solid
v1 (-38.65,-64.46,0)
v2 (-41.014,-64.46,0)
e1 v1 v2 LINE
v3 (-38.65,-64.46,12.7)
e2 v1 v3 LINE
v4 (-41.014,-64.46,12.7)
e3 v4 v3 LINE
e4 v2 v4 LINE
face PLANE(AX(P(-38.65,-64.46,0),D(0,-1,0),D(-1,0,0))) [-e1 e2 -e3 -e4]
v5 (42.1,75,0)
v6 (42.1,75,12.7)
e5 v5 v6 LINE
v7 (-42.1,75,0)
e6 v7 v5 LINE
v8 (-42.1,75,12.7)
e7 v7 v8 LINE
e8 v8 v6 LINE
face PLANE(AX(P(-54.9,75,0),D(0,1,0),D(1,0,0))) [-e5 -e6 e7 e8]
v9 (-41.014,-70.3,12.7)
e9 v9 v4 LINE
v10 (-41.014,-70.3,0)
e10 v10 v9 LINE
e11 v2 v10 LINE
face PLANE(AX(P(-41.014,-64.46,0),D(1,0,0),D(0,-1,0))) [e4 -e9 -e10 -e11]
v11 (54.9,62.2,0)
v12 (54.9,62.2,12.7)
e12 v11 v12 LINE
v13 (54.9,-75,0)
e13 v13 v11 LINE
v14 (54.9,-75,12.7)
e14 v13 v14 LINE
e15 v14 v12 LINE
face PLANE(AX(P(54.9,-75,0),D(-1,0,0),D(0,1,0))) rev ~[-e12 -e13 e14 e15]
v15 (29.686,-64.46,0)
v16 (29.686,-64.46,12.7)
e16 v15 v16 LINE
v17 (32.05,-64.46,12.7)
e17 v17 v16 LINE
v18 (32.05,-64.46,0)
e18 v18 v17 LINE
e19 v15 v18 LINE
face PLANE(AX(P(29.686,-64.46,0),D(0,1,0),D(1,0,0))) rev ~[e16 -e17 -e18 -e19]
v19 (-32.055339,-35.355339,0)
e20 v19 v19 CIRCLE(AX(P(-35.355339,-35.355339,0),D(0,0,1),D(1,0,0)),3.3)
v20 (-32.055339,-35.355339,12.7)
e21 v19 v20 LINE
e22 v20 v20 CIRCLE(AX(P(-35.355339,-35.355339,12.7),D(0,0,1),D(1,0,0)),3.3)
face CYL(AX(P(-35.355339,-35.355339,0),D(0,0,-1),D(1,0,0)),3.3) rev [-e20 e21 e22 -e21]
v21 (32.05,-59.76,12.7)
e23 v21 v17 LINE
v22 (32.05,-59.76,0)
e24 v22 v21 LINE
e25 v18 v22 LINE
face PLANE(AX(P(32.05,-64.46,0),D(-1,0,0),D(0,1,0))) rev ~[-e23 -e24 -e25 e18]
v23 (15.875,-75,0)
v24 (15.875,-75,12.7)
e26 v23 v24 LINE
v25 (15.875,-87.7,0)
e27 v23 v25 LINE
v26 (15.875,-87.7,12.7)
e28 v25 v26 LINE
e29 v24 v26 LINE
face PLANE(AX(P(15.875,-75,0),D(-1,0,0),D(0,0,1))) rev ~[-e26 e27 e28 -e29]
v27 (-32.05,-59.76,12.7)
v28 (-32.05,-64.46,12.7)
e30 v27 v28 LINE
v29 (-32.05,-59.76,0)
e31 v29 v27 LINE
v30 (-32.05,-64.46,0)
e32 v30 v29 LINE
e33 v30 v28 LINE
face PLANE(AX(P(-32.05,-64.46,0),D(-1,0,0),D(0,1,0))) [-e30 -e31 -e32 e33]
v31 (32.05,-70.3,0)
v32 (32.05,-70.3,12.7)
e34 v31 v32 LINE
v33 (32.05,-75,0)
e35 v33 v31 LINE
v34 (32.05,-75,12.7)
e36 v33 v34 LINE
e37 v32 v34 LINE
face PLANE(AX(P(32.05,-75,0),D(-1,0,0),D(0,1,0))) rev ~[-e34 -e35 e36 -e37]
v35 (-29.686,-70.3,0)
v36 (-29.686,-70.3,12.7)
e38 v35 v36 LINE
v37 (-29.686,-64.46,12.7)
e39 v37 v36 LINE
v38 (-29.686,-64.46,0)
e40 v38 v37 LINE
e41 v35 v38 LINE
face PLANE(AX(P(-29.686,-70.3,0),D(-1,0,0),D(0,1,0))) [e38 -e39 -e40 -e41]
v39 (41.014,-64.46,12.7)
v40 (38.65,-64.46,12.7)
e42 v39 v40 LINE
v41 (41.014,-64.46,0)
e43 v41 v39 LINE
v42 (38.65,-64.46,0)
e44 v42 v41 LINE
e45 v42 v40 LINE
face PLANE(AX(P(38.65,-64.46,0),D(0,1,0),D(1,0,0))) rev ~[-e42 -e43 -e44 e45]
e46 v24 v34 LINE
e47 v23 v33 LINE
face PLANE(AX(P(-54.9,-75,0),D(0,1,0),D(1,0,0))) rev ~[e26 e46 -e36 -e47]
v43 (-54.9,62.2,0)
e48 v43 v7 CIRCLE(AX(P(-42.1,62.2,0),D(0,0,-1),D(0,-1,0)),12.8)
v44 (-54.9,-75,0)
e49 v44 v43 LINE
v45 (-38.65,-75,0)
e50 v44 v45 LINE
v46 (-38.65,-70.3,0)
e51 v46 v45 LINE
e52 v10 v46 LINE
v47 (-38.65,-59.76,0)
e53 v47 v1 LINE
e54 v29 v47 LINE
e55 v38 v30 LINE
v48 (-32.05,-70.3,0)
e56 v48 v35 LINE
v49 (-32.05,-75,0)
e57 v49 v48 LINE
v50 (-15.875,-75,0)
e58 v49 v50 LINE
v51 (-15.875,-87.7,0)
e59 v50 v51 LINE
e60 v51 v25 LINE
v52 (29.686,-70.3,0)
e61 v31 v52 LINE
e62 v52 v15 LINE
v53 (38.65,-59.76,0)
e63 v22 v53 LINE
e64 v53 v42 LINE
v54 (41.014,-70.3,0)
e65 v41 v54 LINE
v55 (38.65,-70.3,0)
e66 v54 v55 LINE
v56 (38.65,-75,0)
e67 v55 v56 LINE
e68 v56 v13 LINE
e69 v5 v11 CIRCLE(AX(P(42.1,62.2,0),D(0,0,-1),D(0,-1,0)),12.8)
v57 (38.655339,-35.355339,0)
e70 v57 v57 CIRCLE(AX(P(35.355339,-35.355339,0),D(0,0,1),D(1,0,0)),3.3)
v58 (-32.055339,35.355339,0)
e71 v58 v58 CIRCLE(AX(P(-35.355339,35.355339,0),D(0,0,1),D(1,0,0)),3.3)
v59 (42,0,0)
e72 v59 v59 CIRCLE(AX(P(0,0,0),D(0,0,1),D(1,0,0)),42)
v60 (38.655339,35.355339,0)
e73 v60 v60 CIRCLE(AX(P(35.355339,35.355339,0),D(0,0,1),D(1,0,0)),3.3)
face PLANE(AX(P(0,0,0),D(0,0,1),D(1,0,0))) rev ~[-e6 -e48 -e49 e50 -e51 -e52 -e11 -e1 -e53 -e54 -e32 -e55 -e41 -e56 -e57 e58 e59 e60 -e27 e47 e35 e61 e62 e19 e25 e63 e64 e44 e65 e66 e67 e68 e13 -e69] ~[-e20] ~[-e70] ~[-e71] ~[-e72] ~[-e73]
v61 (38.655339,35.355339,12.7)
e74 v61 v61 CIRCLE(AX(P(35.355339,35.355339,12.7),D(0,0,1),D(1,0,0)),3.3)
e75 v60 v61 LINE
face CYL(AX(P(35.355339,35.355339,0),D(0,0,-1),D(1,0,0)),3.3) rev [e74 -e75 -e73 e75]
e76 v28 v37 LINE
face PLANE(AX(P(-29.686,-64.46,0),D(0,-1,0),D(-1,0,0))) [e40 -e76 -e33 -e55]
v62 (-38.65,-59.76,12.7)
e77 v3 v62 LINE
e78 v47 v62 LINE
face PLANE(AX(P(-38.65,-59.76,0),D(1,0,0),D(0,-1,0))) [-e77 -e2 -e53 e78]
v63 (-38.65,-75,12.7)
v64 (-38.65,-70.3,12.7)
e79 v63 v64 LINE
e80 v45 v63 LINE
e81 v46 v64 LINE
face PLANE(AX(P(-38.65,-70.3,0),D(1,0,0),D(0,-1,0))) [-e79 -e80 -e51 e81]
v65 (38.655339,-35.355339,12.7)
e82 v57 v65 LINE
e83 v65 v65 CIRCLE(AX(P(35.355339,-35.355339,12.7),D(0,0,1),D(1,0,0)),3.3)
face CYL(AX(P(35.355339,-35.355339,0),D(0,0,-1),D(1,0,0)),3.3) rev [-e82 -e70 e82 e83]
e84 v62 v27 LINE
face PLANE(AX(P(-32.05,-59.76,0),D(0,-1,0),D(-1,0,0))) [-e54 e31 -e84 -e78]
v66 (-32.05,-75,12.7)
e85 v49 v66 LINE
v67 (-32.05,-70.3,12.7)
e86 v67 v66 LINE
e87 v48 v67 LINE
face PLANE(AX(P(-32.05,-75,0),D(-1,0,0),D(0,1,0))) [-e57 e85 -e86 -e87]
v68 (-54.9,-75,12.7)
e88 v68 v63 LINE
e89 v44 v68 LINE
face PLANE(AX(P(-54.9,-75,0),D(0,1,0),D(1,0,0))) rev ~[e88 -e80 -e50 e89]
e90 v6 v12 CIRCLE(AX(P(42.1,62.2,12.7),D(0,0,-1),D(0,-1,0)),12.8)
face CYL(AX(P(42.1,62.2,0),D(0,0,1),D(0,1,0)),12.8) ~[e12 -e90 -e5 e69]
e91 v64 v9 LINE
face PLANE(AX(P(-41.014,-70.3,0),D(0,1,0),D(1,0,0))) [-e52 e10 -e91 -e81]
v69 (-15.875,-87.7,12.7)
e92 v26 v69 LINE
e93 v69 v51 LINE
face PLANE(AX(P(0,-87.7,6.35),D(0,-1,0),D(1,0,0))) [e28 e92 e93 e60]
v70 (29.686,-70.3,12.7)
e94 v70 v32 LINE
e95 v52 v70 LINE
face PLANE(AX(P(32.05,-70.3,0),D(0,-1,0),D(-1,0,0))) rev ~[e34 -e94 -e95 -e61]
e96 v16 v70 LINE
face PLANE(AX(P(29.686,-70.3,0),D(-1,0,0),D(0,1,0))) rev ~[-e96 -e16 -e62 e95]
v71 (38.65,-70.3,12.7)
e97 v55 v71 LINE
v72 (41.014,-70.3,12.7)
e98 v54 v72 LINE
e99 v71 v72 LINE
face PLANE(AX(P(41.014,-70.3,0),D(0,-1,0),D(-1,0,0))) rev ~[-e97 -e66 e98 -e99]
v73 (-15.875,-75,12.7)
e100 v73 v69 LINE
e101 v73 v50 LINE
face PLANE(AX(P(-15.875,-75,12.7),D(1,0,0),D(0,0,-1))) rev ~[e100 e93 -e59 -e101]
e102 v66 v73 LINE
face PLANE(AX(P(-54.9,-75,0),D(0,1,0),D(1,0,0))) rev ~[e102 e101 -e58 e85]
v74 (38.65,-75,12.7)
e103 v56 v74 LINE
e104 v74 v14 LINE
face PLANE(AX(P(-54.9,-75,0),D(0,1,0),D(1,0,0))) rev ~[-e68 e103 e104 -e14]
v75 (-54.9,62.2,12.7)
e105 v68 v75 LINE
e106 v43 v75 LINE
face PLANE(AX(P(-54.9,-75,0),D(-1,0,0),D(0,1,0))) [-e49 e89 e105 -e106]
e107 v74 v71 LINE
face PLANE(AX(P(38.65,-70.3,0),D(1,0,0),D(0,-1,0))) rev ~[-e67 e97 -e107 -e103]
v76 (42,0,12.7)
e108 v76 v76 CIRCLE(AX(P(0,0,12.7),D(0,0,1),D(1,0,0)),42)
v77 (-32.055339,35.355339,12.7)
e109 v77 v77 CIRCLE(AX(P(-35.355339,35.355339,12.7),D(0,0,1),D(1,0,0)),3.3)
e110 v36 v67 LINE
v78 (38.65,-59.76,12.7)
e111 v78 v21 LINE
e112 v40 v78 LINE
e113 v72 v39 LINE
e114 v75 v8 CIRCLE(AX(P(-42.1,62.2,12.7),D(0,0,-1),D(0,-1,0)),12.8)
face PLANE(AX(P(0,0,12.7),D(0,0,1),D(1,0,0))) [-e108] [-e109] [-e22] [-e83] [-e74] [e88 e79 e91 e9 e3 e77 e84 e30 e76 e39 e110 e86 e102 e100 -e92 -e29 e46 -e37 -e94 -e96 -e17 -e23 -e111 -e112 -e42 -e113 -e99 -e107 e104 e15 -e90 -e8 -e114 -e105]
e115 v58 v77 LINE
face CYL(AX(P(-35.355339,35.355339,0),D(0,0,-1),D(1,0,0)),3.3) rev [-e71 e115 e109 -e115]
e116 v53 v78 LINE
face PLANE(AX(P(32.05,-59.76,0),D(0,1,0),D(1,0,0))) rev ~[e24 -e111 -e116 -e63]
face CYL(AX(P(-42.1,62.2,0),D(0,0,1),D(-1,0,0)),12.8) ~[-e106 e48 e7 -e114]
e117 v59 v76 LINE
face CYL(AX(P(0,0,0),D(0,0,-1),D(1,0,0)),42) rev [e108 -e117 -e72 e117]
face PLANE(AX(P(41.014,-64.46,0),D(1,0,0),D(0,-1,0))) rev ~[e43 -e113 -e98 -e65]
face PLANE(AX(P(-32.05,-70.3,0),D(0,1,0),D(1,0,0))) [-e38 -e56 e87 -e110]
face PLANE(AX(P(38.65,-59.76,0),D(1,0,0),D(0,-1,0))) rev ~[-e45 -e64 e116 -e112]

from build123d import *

# Parameters (mm, degrees)
SKETCH1_W           = 109.8
SKETCH1_H           = 150
SKETCH1_R           = 42
SKETCH1_R_2         = 3.3
BOSS_EXTRUDE1_DEPTH = 12.7
CUT_EXTRUDE1_DEPTH  = 94.809914188
BOSS_EXTRUDE2_DEPTH = 12.7
FILLET1_R           = 12.8


with BuildPart() as part:
    # Sketch1 → Boss-Extrude1 (new body)
    with BuildSketch(Plane.XY):
        Rectangle(SKETCH1_W, SKETCH1_H)
        Circle(SKETCH1_R, mode=Mode.SUBTRACT)
        with Locations((-35.355339059, 35.355339059)):
            Circle(SKETCH1_R_2, mode=Mode.SUBTRACT)
        with Locations((35.355339059, 35.355339059)):
            Circle(SKETCH1_R_2, mode=Mode.SUBTRACT)
        with Locations((35.355339059, -35.355339059)):
            Circle(SKETCH1_R_2, mode=Mode.SUBTRACT)
        with Locations((-35.355339059, -35.355339059)):
            Circle(SKETCH1_R_2, mode=Mode.SUBTRACT)
    extrude(amount=BOSS_EXTRUDE1_DEPTH)

    # Sketch2 → Cut-Extrude1 (cut, through all)
    with BuildSketch(Plane(origin=(0, 0, 0), x_dir=(-1, 0, 0), z_dir=(0, 0, -1))):
        Polygon((-38.65, -75), (-32.05, -75), (-32.05, -70.3), (-29.686, -70.3), (-29.686, -64.46), (-32.05, -64.46), (-32.05, -59.76), (-38.65, -59.76), (-38.65, -64.46), (-41.014, -64.46), (-41.014, -70.3), (-38.65, -70.3), align=None)
        Polygon((32.05, -75), (32.05, -70.3), (29.686, -70.3), (29.686, -64.46), (32.05, -64.46), (32.05, -59.76), (38.65, -59.76), (38.65, -64.46), (41.014, -64.46), (41.014, -70.3), (38.65, -70.3), (38.65, -75), align=None)
    extrude(amount=-CUT_EXTRUDE1_DEPTH, mode=Mode.SUBTRACT)

    # Sketch4 → Boss-Extrude2 (add)
    with BuildSketch(Plane.XZ.offset(75)):
        Polygon((0, 0), (15.875, 0), (15.875, 12.7), (-15.875, 12.7), (-15.875, 0), align=None)
    extrude(amount=BOSS_EXTRUDE2_DEPTH)

    # Fillet1
    fillet1_edges = [part.edges().sort_by_distance(p)[0] for p in [
        (-54.9, 75, 6.35),
        (54.9, 75, 6.35),
    ]]
    fillet(fillet1_edges, radius=FILLET1_R)


solid = part.part
